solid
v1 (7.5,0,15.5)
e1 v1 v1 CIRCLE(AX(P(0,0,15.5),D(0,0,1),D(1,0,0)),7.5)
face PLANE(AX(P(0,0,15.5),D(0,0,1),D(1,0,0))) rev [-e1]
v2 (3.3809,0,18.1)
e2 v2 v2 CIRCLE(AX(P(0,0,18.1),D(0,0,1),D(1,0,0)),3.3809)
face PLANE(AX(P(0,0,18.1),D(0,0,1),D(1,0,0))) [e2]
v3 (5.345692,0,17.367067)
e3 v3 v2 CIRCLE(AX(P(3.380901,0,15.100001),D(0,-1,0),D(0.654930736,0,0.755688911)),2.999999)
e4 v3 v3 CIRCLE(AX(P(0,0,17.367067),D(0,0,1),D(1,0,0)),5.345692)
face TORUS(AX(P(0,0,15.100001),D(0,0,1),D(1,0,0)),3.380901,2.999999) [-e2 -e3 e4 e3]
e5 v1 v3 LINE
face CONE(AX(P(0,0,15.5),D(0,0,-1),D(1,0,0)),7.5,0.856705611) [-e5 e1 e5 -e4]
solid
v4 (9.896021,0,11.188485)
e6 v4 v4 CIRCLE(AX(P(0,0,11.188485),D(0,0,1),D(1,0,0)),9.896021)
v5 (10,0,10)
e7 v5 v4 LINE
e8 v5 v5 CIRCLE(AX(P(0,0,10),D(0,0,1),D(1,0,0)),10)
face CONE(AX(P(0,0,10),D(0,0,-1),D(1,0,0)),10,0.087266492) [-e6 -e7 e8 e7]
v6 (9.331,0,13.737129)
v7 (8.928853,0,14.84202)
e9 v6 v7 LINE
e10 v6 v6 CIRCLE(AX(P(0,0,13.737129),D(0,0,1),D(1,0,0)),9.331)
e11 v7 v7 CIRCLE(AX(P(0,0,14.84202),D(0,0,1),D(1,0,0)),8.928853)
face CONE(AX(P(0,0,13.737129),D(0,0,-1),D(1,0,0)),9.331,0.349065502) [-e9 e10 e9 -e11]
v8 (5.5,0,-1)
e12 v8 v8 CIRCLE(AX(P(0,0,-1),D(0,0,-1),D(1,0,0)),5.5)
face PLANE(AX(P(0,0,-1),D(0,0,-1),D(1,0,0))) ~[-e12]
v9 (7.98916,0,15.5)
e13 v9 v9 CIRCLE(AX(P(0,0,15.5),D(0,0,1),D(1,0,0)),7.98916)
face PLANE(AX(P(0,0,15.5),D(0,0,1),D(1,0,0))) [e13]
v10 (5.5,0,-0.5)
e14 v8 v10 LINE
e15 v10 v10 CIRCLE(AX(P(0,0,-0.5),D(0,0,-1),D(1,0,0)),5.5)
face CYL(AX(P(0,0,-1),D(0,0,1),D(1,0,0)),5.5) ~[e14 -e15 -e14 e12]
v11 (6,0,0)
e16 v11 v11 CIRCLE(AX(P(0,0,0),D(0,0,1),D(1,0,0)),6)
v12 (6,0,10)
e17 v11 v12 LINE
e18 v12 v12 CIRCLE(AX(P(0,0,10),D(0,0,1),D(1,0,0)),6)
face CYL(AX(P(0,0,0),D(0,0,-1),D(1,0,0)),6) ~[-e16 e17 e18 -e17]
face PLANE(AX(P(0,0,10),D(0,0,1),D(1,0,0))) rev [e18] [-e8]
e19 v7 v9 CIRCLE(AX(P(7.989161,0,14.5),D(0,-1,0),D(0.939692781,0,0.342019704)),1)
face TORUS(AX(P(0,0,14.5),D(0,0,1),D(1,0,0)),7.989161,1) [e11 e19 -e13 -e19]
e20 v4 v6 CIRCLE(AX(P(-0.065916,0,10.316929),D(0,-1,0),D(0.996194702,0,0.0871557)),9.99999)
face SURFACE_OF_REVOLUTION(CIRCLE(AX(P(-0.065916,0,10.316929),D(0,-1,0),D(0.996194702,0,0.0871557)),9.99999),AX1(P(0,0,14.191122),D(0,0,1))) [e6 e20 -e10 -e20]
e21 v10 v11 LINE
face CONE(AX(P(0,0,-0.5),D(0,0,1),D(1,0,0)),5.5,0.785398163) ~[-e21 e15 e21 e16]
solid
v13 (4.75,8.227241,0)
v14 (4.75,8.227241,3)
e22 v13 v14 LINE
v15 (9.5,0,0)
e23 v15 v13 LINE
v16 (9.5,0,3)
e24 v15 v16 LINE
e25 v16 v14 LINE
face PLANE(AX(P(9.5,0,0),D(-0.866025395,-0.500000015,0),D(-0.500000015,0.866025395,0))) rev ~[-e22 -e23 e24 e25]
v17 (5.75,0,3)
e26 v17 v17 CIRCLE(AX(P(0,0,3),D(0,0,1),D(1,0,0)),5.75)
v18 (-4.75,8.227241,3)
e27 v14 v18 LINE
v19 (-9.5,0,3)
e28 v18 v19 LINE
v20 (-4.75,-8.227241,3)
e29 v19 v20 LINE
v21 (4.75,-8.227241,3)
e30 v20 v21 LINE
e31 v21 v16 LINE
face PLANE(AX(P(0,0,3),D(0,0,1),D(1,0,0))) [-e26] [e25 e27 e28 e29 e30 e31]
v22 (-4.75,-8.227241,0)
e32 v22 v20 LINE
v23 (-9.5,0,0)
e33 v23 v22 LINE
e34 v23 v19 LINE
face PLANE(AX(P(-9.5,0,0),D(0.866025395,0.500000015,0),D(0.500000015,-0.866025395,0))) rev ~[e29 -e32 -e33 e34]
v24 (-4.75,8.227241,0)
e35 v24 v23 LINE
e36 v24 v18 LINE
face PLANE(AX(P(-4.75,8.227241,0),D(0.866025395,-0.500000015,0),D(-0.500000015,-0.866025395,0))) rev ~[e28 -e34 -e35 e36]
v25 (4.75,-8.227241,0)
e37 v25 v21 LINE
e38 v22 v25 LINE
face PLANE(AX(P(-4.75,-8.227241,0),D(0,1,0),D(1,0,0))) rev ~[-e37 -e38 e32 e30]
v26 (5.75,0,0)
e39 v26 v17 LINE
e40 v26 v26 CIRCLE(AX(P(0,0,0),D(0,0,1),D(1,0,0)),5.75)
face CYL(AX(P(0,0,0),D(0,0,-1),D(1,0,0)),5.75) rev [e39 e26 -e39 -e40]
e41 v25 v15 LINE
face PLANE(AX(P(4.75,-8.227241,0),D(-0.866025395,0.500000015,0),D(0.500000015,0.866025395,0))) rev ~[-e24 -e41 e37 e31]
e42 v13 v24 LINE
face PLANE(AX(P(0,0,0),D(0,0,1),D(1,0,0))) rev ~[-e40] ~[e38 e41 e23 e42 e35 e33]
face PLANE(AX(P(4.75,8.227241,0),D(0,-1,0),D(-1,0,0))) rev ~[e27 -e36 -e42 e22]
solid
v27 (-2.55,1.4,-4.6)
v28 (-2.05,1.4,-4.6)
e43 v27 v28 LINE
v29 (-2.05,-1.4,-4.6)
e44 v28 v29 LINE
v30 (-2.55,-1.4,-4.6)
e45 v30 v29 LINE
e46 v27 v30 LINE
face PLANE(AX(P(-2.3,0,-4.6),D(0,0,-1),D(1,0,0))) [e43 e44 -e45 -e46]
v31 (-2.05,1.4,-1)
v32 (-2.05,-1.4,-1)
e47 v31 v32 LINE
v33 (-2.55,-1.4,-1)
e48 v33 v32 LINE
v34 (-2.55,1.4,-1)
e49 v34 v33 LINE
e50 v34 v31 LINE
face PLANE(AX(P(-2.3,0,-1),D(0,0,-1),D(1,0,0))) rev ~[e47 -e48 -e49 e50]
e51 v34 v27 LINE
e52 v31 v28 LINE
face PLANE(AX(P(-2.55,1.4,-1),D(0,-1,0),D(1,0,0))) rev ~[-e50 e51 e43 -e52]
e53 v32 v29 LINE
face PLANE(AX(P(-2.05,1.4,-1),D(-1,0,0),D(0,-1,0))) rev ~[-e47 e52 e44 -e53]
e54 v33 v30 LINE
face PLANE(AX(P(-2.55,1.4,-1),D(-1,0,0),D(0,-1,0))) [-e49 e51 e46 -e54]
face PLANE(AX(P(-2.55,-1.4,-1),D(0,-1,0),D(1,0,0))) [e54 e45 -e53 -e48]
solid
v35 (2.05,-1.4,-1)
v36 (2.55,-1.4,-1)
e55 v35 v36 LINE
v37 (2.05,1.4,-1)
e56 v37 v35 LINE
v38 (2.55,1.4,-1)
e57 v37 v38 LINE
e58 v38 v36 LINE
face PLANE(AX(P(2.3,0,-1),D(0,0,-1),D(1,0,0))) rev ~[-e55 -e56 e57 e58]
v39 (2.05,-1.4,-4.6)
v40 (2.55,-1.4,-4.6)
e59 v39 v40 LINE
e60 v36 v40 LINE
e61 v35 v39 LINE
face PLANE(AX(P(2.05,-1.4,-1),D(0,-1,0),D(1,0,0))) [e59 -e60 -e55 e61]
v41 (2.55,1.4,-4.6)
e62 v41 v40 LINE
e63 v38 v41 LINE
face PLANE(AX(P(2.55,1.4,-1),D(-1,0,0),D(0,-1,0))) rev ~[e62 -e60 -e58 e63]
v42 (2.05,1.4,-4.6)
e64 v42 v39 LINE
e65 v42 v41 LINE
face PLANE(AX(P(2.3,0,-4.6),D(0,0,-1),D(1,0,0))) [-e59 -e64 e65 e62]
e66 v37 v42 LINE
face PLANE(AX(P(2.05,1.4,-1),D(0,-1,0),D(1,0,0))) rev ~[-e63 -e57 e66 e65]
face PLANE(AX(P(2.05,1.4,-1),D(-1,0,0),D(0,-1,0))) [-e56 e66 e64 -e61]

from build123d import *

# Parameters (mm, degrees)
F0_R      = 6
F1_DEPTH  = 10
F4_W      = 0.5
F4_H      = 2.8
F5_DEPTH  = 3.6
F10_R     = 5.75
F11_DEPTH = 3


with BuildPart() as f1:
    # F0 (on Top) → F1 (new body)
    with BuildSketch(Plane.XY):
        Circle(F0_R)
    extrude(amount=F1_DEPTH)

    # F2 (on Front) → F3 (revolve)
    with BuildSketch(Plane.XZ):
        Polygon((5.5, -0.5), (6, 0), (0, 0), (0, -1), (5.5, -1), align=None)
    revolve(axis=Axis((0, 0, -1.316218), (0, 0, -1)))

    # F6 (on Front) → F7 (revolve)
    with BuildSketch(Plane.XZ):
        with BuildLine():
            Line((0, 15.5), (0, 10))
            Line((0, 10), (10, 10))
            Line((10, 10), (9.896021, 11.188485))
            ThreePointArc((9.896021, 11.188485), (9.697034, 12.481324), (9.331, 13.737129))
            Line((9.331, 13.737129), (8.928853, 14.84202))
            ThreePointArc((8.928853, 14.84202), (8.562737, 15.319152), (7.98916, 15.5))
            Line((7.98916, 15.5), (0, 15.5))
        make_face()
    revolve(axis=Axis((0, 0, 14.191122), (0, 0, 1)))


with BuildPart() as f5:
    # F4 (on face) → F5 (new body)
    with BuildSketch(Plane(origin=(0, 0, -1), x_dir=(1, 0, 0), z_dir=(0, 0, -1))):
        with Locations((2.3, 0)):
            Rectangle(F4_W, F4_H)
        with Locations((-2.3, 0)):
            Rectangle(F4_W, F4_H)
    extrude(amount=F5_DEPTH)


with BuildPart() as f9:
    # F8 (on Front) → F9 (revolve)
    with BuildSketch(Plane.XZ):
        with BuildLine():
            Line((0, 18.1), (0, 15.5))
            Line((0, 15.5), (7.5, 15.5))
            Line((7.5, 15.5), (5.345692, 17.367067))
            ThreePointArc((5.345692, 17.367067), (4.429422, 17.910801), (3.3809, 18.1))
            Line((3.3809, 18.1), (0, 18.1))
        make_face()
    revolve(axis=Axis((0, 0, 9.80562), (0, 0, 1)))


with BuildPart() as f11:
    # F10 (on Top) → F11 (new body)
    with BuildSketch(Plane.XY):
        Polygon((-9.5, 0), (-4.75, -8.227241), (4.75, -8.227241), (9.5, 0), (4.75, 8.227241), (-4.75, 8.227241), align=None)
        Circle(F10_R, mode=Mode.SUBTRACT)
    extrude(amount=F11_DEPTH)


solid = Compound([f1.part, f5.part, f9.part, f11.part])
